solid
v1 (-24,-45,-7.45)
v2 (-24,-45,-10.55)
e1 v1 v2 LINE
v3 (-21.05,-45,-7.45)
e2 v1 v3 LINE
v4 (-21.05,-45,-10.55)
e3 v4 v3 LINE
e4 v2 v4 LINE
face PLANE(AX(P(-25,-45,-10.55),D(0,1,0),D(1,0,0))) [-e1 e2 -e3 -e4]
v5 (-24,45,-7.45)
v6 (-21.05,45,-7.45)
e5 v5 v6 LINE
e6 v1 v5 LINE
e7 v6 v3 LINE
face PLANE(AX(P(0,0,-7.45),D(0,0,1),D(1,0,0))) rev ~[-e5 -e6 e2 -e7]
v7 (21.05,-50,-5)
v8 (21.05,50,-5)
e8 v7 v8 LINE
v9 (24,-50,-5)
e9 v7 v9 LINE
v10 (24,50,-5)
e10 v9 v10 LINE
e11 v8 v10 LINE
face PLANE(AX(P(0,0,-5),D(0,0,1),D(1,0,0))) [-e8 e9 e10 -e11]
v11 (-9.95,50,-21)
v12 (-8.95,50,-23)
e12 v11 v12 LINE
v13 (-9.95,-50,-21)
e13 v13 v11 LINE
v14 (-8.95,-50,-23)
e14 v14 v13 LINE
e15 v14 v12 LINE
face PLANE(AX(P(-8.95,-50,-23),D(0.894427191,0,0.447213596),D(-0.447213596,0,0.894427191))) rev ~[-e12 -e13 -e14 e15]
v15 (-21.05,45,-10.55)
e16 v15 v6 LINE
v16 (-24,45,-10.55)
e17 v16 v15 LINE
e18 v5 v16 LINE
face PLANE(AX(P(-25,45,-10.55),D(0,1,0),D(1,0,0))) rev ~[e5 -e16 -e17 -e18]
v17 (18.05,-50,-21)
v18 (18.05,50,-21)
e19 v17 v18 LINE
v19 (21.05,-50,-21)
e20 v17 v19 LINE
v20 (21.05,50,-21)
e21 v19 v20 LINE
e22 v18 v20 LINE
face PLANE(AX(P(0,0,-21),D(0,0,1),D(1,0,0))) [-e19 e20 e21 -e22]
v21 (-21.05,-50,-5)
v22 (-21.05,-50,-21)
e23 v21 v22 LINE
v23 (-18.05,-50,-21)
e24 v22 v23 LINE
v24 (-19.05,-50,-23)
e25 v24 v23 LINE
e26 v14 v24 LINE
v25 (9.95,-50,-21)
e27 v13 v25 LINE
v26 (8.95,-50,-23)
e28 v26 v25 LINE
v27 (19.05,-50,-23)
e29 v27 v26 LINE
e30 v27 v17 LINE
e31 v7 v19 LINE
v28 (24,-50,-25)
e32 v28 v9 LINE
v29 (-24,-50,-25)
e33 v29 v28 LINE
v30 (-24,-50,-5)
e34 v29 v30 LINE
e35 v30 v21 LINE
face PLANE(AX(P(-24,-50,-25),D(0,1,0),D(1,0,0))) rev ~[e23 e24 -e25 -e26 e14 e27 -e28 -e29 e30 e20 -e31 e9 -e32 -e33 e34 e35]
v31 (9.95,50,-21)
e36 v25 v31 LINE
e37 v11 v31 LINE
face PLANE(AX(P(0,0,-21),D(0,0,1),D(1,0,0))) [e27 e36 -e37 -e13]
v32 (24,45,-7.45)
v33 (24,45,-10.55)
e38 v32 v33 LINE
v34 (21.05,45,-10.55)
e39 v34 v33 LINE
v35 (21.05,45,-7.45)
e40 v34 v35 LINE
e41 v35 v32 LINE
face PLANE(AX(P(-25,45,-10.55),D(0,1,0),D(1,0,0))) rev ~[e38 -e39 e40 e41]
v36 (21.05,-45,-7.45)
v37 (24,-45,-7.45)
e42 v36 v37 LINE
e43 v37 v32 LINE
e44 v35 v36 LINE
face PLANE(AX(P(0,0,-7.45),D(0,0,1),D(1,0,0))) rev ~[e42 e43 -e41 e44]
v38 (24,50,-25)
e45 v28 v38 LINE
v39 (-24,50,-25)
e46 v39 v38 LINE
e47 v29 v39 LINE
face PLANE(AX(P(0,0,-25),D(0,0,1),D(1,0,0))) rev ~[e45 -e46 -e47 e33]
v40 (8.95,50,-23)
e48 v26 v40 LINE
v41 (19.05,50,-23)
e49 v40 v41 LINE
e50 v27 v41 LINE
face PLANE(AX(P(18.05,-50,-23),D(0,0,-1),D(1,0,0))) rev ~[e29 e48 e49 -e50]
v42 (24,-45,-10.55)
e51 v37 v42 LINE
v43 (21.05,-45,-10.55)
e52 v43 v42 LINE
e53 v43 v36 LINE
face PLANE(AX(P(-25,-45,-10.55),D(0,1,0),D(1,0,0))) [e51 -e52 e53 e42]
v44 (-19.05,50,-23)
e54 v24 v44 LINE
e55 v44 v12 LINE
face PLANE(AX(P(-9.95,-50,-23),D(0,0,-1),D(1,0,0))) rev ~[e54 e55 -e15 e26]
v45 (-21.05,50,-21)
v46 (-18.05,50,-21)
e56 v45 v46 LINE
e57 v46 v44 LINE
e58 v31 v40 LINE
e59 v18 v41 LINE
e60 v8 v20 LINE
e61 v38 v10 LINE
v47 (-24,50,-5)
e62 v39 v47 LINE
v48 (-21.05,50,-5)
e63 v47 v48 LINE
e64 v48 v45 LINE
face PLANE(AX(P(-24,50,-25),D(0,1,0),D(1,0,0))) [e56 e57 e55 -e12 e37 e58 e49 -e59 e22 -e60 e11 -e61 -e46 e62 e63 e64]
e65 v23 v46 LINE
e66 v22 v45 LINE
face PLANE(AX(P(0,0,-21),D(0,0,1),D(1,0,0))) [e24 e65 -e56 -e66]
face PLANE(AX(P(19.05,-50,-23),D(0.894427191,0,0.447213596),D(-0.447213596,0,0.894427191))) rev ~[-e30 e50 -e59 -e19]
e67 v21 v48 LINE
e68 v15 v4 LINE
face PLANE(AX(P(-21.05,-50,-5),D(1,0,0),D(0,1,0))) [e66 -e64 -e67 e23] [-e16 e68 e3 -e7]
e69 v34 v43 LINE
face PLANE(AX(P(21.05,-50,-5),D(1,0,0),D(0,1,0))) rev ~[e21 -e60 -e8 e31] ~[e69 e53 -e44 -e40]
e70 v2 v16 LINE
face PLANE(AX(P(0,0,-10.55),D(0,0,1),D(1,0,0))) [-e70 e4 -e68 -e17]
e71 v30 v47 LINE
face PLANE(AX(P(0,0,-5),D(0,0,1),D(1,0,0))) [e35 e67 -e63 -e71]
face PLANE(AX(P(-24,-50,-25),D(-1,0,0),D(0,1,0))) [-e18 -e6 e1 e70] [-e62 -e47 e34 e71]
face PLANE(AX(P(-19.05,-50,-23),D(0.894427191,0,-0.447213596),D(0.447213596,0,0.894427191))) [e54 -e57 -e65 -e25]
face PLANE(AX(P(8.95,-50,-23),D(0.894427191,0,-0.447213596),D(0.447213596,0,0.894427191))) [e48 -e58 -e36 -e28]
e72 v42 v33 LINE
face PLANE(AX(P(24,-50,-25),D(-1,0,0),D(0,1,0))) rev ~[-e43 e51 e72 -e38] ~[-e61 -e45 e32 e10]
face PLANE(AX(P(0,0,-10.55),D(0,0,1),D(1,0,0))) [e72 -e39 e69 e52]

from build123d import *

# Parameters (mm, degrees)
BOX_W           = 50
BOX_H           = 90
BOX_DEPTH       = 3.1
SKETCH005_W     = 48
SKETCH005_H     = 100
PAD003_DEPTH    = 20
SKETCH006_W     = 42.1
SKETCH006_H     = 100
POCKET002_DEPTH = 16
SKETCH007_W     = 8.1
SKETCH007_H     = 100
POCKET003_DEPTH = 2
POCKET004_DEPTH = 100.001


with BuildPart() as cube:
    # Box → Box (new body)
    with BuildSketch(Plane(origin=(-25, -45, -10.55), x_dir=(1, 0, 0), z_dir=(0, 0, 1))):
        with Locations((25, 45)):
            Rectangle(BOX_W, BOX_H)
    extrude(amount=BOX_DEPTH)


with BuildPart() as base:
    # Sketch005 → Pad003 (new body)
    with BuildSketch(Plane.XY):
        Rectangle(SKETCH005_W, SKETCH005_H)
    extrude(amount=PAD003_DEPTH)

    # Sketch006 (on Face6 of Pad003) → Pocket002 (cut)
    with BuildSketch(Plane.XY.offset(20)):
        Rectangle(SKETCH006_W, SKETCH006_H)
    extrude(amount=-POCKET002_DEPTH, mode=Mode.SUBTRACT)

    # Sketch007 (on Face6 of Pocket002) → Pocket003 (cut)
    with BuildSketch(Plane.XY.offset(4)):
        with Locations((-14, 0)):
            Rectangle(SKETCH007_W, SKETCH007_H)
        with Locations((14, 0)):
            Rectangle(SKETCH007_W, SKETCH007_H)
    extrude(amount=-POCKET003_DEPTH, mode=Mode.SUBTRACT)

    # Sketch008 (on Face18 of Pocket003) → Pocket004 (cut, through all)
    with BuildSketch(Plane.XZ.offset(50)):
        Polygon((-18.05, 2), (-19.05, 2), (-18.05, 4), align=None)
        Polygon((-9.95, 2), (-8.95, 2), (-9.95, 4), align=None)
        Polygon((9.95, 2), (8.95, 2), (9.95, 4), align=None)
        Polygon((18.05, 2), (19.05, 2), (18.05, 4), align=None)
    extrude(amount=-POCKET004_DEPTH, mode=Mode.SUBTRACT)


with BuildPart() as base_1:
    # Body003 placement: moved
    add(base.part.moved(Location((0, 0, -25))))

    # Cut002: cut Cube
    add(cube.part, mode=Mode.SUBTRACT)


solid = base_1.part
